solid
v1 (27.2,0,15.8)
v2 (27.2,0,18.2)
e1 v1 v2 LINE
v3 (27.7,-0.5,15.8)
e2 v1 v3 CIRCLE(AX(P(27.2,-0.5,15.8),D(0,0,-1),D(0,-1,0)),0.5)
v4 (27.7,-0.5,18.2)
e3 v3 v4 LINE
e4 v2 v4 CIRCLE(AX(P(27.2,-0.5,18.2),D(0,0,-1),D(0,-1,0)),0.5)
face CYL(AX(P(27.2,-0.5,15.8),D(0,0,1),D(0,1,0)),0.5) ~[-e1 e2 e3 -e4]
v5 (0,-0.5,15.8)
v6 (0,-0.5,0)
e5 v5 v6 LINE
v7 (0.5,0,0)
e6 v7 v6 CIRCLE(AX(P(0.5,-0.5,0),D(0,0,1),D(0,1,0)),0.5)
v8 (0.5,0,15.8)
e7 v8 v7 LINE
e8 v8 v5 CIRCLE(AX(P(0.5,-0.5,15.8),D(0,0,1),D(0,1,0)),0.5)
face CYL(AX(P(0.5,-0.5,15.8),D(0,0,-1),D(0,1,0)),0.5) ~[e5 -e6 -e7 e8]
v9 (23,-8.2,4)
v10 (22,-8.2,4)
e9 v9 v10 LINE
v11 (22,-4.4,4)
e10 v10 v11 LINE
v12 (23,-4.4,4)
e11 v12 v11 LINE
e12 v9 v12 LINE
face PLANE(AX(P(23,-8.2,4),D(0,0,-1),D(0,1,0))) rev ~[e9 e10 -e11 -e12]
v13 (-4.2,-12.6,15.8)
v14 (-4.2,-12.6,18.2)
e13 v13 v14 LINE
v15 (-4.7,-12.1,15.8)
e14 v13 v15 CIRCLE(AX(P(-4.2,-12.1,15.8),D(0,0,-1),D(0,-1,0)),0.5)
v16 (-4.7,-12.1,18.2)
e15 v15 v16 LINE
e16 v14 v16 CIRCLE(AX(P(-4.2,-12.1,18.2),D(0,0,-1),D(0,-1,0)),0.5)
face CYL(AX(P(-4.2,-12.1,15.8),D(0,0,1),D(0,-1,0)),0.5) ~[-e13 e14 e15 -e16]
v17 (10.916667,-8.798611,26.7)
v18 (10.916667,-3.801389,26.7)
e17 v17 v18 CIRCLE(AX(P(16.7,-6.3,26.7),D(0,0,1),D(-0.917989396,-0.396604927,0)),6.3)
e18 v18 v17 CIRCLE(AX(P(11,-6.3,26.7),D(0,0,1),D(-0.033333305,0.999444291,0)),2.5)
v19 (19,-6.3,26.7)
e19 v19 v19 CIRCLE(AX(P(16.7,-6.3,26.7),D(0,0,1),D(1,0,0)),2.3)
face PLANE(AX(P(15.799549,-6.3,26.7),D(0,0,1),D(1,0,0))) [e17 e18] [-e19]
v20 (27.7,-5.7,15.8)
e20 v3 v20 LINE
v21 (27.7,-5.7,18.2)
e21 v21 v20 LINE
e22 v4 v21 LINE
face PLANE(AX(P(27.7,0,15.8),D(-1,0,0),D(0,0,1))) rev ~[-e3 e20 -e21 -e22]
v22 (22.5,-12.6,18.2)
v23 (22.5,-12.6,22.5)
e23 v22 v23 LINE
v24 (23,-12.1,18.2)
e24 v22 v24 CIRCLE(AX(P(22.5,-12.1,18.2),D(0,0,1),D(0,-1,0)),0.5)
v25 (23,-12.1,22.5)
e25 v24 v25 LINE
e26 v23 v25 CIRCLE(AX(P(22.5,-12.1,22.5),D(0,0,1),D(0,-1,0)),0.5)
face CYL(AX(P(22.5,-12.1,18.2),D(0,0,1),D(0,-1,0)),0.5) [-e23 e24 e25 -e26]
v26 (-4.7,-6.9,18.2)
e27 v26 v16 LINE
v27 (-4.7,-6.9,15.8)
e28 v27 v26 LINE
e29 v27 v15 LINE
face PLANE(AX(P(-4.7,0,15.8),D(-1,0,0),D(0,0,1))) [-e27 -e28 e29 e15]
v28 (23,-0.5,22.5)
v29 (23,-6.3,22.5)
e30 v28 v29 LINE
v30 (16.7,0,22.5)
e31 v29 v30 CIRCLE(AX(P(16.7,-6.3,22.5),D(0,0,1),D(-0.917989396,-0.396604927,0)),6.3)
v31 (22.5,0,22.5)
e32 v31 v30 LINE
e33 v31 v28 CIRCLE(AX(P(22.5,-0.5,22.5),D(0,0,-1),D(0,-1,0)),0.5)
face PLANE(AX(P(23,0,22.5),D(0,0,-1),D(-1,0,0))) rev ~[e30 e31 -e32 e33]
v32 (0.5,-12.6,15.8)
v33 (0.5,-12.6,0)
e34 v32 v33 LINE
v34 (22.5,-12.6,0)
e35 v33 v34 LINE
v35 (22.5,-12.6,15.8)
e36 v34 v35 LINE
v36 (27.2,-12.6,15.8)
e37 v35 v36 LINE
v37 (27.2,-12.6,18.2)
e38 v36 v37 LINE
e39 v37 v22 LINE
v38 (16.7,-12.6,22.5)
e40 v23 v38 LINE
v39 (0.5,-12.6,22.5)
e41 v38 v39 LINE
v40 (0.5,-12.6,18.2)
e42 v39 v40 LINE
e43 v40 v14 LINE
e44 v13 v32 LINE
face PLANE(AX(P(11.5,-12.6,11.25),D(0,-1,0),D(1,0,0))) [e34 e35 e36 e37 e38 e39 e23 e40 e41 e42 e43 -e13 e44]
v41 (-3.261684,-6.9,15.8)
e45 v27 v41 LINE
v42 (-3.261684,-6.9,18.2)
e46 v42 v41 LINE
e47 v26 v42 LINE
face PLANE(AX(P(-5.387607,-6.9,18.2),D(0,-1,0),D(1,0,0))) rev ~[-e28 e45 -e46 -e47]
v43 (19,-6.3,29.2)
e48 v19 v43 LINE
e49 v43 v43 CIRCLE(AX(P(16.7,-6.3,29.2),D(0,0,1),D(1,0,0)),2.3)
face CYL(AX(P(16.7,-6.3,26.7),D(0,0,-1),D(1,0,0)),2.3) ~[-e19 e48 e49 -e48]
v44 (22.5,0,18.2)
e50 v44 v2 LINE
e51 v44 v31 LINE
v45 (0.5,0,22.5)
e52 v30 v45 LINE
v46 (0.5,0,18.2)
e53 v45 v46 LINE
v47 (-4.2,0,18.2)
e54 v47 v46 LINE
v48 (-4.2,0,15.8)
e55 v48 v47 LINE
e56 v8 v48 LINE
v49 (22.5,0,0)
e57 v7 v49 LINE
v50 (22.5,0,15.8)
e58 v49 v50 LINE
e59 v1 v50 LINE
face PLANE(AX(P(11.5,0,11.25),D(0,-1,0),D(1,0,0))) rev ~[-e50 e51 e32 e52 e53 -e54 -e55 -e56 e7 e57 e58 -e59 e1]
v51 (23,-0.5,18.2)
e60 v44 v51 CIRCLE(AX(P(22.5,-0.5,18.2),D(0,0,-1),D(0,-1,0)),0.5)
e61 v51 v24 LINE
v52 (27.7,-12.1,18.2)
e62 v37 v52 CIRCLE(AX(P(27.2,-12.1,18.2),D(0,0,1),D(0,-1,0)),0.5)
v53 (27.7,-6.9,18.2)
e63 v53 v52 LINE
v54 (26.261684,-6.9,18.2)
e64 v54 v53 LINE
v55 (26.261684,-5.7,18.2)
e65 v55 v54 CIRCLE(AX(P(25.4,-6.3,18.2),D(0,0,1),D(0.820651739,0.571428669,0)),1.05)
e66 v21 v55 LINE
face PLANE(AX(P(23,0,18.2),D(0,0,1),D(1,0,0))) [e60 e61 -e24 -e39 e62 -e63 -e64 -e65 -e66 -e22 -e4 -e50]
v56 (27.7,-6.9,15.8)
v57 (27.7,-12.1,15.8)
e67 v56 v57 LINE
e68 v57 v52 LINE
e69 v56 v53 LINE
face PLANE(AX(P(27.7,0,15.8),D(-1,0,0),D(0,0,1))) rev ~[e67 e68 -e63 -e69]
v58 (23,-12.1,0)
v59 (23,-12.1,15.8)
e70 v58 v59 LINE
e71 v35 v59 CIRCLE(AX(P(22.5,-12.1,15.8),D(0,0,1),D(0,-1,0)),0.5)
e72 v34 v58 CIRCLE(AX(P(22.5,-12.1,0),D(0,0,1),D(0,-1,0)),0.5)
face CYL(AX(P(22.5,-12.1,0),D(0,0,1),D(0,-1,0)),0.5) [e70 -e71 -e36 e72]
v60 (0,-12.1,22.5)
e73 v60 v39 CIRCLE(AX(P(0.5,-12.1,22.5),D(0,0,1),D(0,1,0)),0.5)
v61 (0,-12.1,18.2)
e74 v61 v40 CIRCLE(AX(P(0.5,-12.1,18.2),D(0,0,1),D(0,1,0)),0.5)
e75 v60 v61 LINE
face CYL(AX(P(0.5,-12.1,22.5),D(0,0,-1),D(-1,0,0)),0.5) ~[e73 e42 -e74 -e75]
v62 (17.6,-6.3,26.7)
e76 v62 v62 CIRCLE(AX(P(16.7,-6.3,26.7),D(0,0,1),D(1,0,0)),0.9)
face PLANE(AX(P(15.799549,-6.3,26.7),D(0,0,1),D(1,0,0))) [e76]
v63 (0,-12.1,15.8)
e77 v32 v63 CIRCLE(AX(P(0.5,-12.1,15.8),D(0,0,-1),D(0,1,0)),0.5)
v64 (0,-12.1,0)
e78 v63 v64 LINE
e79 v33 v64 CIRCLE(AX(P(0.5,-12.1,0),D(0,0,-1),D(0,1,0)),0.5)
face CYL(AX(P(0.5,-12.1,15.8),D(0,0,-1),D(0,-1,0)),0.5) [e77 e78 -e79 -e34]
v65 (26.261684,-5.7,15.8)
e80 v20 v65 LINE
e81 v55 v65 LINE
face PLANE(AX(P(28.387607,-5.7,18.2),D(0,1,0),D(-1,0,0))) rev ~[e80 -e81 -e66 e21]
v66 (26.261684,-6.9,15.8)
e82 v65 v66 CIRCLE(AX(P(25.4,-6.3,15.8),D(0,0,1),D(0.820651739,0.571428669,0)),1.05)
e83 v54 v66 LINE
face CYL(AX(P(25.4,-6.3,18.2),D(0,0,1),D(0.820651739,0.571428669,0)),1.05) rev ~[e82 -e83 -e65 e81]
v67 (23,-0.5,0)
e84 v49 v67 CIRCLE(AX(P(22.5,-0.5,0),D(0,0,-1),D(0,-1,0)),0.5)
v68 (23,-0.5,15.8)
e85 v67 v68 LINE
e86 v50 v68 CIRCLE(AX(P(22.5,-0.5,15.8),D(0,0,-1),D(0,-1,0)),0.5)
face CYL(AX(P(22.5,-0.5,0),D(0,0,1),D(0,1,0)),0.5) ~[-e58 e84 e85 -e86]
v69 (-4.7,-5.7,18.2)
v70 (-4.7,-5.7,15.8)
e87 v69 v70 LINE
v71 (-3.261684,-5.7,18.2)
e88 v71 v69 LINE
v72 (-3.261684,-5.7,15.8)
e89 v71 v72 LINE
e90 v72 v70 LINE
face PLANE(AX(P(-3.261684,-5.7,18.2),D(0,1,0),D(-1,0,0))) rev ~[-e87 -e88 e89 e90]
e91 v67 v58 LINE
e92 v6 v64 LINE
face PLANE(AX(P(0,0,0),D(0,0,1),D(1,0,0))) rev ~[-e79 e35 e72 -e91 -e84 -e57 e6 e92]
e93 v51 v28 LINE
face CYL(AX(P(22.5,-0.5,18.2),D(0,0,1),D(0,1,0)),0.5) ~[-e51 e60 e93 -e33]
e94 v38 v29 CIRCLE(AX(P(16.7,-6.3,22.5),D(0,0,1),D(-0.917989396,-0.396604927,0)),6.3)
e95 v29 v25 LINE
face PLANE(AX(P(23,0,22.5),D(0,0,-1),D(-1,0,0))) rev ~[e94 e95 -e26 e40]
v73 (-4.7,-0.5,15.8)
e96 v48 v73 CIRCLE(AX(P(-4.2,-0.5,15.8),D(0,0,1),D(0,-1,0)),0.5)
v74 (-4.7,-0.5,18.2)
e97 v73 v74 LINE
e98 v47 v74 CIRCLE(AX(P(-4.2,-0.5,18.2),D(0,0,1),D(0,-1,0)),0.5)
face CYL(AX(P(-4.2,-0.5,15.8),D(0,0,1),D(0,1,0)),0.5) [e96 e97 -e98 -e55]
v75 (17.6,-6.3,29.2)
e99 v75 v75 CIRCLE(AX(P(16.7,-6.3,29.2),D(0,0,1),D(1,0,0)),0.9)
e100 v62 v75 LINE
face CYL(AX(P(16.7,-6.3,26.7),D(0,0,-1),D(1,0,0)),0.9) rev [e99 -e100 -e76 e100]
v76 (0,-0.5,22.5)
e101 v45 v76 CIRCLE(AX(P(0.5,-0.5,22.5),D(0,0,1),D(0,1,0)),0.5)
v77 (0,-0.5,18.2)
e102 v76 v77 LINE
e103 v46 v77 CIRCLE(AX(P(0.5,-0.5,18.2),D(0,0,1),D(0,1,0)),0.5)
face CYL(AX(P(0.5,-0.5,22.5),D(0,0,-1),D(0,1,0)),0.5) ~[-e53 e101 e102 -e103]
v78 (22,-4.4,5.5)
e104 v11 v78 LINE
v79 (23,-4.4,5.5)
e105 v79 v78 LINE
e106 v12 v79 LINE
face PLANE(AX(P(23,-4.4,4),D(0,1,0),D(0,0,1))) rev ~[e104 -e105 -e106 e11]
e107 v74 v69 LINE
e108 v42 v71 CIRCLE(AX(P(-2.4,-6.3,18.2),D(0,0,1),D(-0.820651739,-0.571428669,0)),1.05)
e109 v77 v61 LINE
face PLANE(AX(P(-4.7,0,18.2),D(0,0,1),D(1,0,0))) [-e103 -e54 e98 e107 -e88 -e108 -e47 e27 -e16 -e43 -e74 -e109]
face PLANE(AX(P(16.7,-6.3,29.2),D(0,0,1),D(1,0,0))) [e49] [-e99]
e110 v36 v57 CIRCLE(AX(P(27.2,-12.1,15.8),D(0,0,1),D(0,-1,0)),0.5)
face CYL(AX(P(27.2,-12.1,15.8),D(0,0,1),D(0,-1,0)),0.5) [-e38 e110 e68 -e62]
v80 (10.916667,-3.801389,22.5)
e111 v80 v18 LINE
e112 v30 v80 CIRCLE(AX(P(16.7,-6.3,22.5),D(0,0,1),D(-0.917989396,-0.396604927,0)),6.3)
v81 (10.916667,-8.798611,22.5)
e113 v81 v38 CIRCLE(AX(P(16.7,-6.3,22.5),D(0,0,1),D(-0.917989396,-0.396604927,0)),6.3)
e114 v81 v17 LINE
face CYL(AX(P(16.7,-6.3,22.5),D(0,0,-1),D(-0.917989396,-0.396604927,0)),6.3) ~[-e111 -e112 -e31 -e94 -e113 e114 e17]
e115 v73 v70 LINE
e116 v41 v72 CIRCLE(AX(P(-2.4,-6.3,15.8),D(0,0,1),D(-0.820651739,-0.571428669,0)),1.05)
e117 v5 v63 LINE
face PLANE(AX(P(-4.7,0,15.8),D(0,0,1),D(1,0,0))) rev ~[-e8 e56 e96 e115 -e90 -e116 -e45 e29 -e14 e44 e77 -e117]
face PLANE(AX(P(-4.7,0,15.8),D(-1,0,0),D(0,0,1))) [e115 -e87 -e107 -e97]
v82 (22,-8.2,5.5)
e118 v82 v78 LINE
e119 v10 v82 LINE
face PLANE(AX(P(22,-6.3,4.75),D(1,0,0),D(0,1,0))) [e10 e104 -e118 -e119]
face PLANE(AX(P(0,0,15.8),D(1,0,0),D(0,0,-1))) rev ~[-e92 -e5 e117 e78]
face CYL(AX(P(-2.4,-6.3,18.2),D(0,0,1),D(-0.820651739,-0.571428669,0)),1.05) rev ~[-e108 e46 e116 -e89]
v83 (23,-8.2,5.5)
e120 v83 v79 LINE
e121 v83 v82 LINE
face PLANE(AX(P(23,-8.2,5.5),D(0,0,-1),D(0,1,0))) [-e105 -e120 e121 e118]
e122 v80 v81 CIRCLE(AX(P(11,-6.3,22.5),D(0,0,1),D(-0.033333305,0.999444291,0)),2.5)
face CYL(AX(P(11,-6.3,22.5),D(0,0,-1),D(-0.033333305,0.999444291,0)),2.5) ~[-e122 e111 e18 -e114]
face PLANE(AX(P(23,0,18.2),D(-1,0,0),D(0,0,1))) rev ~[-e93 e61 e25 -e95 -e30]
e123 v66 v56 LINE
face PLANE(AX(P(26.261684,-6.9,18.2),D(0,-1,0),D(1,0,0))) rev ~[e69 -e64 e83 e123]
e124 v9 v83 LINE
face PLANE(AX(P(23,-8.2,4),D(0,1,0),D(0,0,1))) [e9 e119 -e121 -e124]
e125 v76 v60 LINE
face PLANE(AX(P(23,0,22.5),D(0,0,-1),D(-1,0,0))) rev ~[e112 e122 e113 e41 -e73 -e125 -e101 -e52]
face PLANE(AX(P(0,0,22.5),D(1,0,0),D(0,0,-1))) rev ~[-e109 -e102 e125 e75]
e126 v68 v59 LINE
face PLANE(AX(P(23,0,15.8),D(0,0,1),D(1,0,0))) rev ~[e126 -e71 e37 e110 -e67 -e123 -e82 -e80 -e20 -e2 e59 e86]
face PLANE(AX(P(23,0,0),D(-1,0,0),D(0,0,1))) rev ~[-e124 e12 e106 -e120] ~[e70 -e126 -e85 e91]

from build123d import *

# Parameters (mm, degrees)
F0_W      = 4.7
F0_H      = 2.4
F1_DEPTH  = 12.6
F3_DEPTH  = 4.2
F4_R      = 2.3
F4_R_2    = 0.9
F5_DEPTH  = 2.5
F7_DEPTH  = 25
F8_R      = 0.5
F9_W      = 3.8
F9_H      = 1.5
F10_DEPTH = 1


with BuildPart() as f1:
    # F0 (on Front) → F1 (new body)
    with BuildSketch(Plane.XZ):
        Polygon((0, 15.8), (0, 0), (23, 0), (23, 15.8), (23, 18.2), (23, 22.5), (0, 22.5), (0, 18.2), align=None)
        with Locations((-2.35, 17)):
            Rectangle(F0_W, F0_H)
        with Locations((25.35, 17)):
            Rectangle(F0_W, F0_H)
    extrude(amount=F1_DEPTH)

    # F2 (on face) → F3 (join)
    with BuildSketch(Plane.XY.offset(22.5)):
        with BuildLine():
            ThreePointArc((10.916667, -3.801389), (8.5, -6.3), (10.916667, -8.798611))
            ThreePointArc((10.916667, -8.798611), (23, -6.3), (10.916667, -3.801389))
        make_face()
    extrude(amount=F3_DEPTH)

    # F4 (on face) → F5 (join)
    with BuildSketch(Plane.XY.offset(26.7)):
        with Locations((16.7, -6.3)):
            Circle(F4_R)
        with Locations((16.7, -6.3)):
            Circle(F4_R_2, mode=Mode.SUBTRACT)
    extrude(amount=F5_DEPTH)

    # F6 (on face) → F7 (cut)
    with BuildSketch(Plane.XY.offset(18.2)):
        with BuildLine():
            Line((-5.387607, -6.9), (-3.261684, -6.9))
            ThreePointArc((-3.261684, -6.9), (-1.35, -6.3), (-3.261684, -5.7))
            Line((-3.261684, -5.7), (-5.387607, -5.7))
            Line((-5.387607, -5.7), (-5.387607, -6.9))
        make_face()
        with BuildLine():
            ThreePointArc((26.261684, -5.7), (24.35, -6.3), (26.261684, -6.9))
            Line((26.261684, -6.9), (28.387607, -6.9))
            Line((28.387607, -6.9), (28.387607, -5.7))
            Line((28.387607, -5.7), (26.261684, -5.7))
        make_face()
    extrude(amount=-F7_DEPTH, mode=Mode.SUBTRACT)

    # F8
    f8_edges = [f1.edges().sort_by_distance(p)[0] for p in [
        (0, -12.6, 20.35),
        (0, -12.6, 7.9),
        (0, 0, 20.35),
        (0, 0, 7.9),
        (-4.7, -12.6, 17),
        (-4.7, 0, 17),
        (27.7, -12.6, 17),
        (23, -12.6, 20.35),
        (23, -12.6, 7.9),
        (27.7, 0, 17),
        (23, 0, 20.35),
        (23, 0, 7.9),
    ]]
    fillet(f8_edges, radius=F8_R)

    # F9 (on face) → F10 (cut)
    with BuildSketch(Plane.YZ.offset(23)):
        with Locations((-6.3, 4.75)):
            Rectangle(F9_W, F9_H)
    extrude(amount=-F10_DEPTH, mode=Mode.SUBTRACT)


solid = f1.part
